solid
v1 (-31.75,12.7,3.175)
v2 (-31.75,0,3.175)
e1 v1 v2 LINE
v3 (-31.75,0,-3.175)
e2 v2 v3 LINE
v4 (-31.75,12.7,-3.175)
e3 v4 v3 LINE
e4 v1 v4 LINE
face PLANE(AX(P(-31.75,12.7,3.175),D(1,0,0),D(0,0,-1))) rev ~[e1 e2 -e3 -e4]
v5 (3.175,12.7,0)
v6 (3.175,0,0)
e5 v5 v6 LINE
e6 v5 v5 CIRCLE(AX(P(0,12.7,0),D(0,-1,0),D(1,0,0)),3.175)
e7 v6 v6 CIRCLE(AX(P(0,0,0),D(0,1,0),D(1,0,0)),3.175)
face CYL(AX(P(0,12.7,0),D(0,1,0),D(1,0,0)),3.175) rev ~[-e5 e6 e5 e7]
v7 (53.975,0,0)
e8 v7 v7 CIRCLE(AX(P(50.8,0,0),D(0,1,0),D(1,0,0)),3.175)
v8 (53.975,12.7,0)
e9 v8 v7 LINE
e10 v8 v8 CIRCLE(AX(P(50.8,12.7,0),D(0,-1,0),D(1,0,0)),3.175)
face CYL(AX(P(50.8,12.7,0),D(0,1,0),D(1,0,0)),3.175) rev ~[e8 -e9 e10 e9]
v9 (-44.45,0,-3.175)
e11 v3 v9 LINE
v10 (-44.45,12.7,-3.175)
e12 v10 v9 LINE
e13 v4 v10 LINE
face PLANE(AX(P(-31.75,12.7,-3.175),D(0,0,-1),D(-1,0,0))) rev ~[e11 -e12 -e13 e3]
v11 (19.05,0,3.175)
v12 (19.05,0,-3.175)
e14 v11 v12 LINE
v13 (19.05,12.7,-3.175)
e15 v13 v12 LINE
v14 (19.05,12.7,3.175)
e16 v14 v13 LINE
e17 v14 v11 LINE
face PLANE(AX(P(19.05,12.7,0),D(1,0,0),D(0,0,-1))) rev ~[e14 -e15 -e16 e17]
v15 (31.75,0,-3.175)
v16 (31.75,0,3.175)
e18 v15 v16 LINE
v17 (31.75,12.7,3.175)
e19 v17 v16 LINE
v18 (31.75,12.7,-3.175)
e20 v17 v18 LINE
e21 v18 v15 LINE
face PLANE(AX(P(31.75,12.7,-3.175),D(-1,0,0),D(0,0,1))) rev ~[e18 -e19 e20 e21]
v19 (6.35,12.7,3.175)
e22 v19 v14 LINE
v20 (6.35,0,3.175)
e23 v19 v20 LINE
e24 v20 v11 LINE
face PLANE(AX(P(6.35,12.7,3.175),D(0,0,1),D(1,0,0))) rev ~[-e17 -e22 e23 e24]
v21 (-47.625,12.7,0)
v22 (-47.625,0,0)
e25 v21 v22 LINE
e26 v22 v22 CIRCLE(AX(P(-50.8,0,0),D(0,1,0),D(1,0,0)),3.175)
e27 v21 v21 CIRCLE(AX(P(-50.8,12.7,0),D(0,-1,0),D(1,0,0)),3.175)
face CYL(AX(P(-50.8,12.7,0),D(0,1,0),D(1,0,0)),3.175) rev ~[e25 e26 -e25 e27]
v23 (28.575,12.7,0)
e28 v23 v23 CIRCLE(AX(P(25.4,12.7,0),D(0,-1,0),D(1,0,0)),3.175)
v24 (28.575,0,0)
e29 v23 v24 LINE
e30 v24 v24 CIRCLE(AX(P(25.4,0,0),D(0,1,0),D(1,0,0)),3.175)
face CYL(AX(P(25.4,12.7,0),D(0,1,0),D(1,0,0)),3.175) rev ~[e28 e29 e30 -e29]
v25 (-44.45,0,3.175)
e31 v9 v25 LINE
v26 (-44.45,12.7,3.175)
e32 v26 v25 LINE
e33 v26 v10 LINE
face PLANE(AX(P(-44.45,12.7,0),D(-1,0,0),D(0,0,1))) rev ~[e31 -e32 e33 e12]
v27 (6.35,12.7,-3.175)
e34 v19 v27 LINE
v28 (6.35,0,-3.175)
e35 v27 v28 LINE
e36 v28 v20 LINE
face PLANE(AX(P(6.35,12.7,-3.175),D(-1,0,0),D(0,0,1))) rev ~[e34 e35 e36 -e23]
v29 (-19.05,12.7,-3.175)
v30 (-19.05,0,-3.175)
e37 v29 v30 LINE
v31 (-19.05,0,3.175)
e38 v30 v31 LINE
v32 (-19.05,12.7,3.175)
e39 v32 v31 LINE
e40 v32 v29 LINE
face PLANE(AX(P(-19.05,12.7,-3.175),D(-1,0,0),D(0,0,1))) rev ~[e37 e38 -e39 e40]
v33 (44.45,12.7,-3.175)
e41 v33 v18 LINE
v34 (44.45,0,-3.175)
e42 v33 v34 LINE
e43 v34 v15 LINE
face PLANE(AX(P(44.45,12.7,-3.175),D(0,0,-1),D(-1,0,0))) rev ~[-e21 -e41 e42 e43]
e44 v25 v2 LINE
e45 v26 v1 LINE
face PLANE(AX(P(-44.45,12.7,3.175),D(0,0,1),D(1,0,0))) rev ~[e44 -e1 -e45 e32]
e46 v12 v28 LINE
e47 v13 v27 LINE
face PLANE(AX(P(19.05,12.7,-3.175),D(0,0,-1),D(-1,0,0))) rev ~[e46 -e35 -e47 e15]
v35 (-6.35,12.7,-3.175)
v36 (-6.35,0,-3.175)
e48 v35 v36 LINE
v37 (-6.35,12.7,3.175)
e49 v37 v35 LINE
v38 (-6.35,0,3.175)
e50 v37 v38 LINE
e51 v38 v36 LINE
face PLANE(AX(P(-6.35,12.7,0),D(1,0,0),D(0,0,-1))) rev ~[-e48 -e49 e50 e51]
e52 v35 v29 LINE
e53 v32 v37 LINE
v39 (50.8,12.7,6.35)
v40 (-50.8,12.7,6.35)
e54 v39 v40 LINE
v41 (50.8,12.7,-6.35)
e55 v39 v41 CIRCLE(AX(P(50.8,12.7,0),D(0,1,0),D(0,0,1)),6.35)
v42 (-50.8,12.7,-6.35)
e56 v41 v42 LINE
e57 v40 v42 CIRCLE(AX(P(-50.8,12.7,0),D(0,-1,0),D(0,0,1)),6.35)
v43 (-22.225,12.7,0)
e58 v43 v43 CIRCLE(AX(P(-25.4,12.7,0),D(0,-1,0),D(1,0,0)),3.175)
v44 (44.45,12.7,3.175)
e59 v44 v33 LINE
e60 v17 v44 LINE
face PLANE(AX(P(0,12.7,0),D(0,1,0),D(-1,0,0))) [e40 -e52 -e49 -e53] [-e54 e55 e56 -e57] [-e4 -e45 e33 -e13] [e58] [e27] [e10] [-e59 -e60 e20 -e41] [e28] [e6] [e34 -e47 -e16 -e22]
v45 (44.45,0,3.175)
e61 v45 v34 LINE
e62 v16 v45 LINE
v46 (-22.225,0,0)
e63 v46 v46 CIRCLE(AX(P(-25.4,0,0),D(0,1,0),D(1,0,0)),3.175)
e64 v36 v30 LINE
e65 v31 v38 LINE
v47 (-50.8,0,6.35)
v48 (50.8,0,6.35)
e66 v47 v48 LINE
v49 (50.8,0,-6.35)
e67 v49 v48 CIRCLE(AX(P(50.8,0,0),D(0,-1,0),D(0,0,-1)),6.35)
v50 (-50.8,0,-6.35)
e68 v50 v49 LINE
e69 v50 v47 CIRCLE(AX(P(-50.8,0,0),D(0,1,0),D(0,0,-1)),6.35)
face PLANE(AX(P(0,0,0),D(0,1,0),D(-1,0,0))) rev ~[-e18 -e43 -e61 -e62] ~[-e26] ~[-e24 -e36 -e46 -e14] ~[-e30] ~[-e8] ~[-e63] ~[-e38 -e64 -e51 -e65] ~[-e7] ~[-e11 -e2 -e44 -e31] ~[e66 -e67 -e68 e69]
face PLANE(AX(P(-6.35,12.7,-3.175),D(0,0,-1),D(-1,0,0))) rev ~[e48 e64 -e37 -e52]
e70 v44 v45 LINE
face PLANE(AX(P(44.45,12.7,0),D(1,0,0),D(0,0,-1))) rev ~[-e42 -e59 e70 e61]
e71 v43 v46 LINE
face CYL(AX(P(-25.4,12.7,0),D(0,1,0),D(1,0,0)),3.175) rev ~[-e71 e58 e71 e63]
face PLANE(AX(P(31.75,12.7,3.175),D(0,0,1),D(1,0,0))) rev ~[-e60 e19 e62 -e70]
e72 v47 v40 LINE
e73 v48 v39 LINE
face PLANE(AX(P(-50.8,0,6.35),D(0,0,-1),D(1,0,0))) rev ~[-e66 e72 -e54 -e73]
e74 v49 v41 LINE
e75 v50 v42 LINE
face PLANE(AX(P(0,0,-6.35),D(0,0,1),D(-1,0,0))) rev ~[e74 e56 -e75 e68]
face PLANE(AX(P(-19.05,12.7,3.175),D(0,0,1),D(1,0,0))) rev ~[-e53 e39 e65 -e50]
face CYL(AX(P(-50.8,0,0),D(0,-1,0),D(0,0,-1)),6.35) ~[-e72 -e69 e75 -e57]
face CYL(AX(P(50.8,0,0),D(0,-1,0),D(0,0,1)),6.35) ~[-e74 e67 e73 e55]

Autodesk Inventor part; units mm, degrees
ref_plane "YZ Plane" through (0, 0, 0) normal (1, 0, 0) x (0, 1, 0)
ref_plane "XZ Plane" through (0, 0, 0) normal (0, 1, 0) x (-1, 0, 0)
ref_plane "XY Plane" through (0, 0, 0) normal (0, 0, 1) x (1, 0, 0)
sketch "Sketch1" plane through (0, 0, 0) normal (0, 1, 0) x (-1, 0, 0)
  line L0 (50.8, 6.35) -> (-50.8, 6.35)
  line L1 (-50.8, -6.35) -> (50.8, -6.35)
  arc A0 (50.8, -6.35) -> (50.8, 6.35) centre (50.8, 0) ccw
  arc A1 (-50.8, 6.35) -> (-50.8, -6.35) centre (-50.8, 0) ccw
  line L2 (80.01, 0) -> (-80.01, 0) projected
  line L3 (0, -8.89) -> (0, 8.89) projected
  point P0 (0, 0)
  dimension "d2" = 101.6
  dimension "d3" = 6.35
  dimension "d4" = 6.35
  dimension "d5" = 50.8
  dimension "d6" = 0
  dimension "d7" = 12.7
  dimension "d8" = 101.6
  dimension "d9" = 6.35
extrude "Extrusion1" add sketch "Sketch1" along normal blind 12.7
sketch "Sketch2" plane through (0, 12.7, 0) normal (0, 1, 0) x (1, 0, 0)
  circle A0 centre (-50.8, 0) radius 3.175
  line L0 (-80.01, 0) -> (80.01, 0) projected
  line L1 (0, 8.89) -> (0, -8.89) projected
  circle A1 centre (-25.4, 0) radius 3.175
  circle A2 centre (0, 0) radius 3.175
  circle A3 centre (25.4, 0) radius 3.175
  circle A4 centre (50.8, 0) radius 3.175
  dimension "d12" = 6.35
  dimension "d13" = 50.8
  dimension "d14" = 0
  dimension "d17" = 25.4
extrude "Extrusion2" cut sketch "Sketch2" against normal through all
sketch "Sketch3" plane through (0, 12.7, 0) normal (0, 1, 0) x (1, 0, 0)
  line L0 (-44.45, -3.175) -> (-31.75, -3.175)
  line L1 (-31.75, -3.175) -> (-31.75, 3.175)
  line L2 (-31.75, 3.175) -> (-44.45, 3.175)
  line L3 (-44.45, 3.175) -> (-44.45, -3.175)
  line L4 (-84.8983, 0) -> (80.8247, 0) projected
  line L5 (0, 12.3762) -> (0, -29.8073) projected
  line L6 (-6.35, 3.175) -> (-19.05, 3.175)
  line L7 (-6.35, -3.175) -> (-6.35, 3.175)
  line L8 (-19.05, 3.175) -> (-19.05, -3.175)
  line L9 (-19.05, -3.175) -> (-6.35, -3.175)
  line L10 (19.05, 3.175) -> (6.35, 3.175)
  line L11 (19.05, -3.175) -> (19.05, 3.175)
  line L12 (6.35, 3.175) -> (6.35, -3.175)
  line L13 (6.35, -3.175) -> (19.05, -3.175)
  line L14 (44.45, 3.175) -> (31.75, 3.175)
  line L15 (44.45, -3.175) -> (44.45, 3.175)
  line L16 (31.75, 3.175) -> (31.75, -3.175)
  line L17 (31.75, -3.175) -> (44.45, -3.175)
  point P0 (0, 0)
  dimension "d24" = 12.7
  dimension "d25" = 6.35
  dimension "d26" = 31.75
  dimension "d27" = 3.175
  dimension "d30" = 25.4
extrude "Extrusion3" cut sketch "Sketch3" against normal through all
properties part number "4M Module" material "Wood (Oak)"
